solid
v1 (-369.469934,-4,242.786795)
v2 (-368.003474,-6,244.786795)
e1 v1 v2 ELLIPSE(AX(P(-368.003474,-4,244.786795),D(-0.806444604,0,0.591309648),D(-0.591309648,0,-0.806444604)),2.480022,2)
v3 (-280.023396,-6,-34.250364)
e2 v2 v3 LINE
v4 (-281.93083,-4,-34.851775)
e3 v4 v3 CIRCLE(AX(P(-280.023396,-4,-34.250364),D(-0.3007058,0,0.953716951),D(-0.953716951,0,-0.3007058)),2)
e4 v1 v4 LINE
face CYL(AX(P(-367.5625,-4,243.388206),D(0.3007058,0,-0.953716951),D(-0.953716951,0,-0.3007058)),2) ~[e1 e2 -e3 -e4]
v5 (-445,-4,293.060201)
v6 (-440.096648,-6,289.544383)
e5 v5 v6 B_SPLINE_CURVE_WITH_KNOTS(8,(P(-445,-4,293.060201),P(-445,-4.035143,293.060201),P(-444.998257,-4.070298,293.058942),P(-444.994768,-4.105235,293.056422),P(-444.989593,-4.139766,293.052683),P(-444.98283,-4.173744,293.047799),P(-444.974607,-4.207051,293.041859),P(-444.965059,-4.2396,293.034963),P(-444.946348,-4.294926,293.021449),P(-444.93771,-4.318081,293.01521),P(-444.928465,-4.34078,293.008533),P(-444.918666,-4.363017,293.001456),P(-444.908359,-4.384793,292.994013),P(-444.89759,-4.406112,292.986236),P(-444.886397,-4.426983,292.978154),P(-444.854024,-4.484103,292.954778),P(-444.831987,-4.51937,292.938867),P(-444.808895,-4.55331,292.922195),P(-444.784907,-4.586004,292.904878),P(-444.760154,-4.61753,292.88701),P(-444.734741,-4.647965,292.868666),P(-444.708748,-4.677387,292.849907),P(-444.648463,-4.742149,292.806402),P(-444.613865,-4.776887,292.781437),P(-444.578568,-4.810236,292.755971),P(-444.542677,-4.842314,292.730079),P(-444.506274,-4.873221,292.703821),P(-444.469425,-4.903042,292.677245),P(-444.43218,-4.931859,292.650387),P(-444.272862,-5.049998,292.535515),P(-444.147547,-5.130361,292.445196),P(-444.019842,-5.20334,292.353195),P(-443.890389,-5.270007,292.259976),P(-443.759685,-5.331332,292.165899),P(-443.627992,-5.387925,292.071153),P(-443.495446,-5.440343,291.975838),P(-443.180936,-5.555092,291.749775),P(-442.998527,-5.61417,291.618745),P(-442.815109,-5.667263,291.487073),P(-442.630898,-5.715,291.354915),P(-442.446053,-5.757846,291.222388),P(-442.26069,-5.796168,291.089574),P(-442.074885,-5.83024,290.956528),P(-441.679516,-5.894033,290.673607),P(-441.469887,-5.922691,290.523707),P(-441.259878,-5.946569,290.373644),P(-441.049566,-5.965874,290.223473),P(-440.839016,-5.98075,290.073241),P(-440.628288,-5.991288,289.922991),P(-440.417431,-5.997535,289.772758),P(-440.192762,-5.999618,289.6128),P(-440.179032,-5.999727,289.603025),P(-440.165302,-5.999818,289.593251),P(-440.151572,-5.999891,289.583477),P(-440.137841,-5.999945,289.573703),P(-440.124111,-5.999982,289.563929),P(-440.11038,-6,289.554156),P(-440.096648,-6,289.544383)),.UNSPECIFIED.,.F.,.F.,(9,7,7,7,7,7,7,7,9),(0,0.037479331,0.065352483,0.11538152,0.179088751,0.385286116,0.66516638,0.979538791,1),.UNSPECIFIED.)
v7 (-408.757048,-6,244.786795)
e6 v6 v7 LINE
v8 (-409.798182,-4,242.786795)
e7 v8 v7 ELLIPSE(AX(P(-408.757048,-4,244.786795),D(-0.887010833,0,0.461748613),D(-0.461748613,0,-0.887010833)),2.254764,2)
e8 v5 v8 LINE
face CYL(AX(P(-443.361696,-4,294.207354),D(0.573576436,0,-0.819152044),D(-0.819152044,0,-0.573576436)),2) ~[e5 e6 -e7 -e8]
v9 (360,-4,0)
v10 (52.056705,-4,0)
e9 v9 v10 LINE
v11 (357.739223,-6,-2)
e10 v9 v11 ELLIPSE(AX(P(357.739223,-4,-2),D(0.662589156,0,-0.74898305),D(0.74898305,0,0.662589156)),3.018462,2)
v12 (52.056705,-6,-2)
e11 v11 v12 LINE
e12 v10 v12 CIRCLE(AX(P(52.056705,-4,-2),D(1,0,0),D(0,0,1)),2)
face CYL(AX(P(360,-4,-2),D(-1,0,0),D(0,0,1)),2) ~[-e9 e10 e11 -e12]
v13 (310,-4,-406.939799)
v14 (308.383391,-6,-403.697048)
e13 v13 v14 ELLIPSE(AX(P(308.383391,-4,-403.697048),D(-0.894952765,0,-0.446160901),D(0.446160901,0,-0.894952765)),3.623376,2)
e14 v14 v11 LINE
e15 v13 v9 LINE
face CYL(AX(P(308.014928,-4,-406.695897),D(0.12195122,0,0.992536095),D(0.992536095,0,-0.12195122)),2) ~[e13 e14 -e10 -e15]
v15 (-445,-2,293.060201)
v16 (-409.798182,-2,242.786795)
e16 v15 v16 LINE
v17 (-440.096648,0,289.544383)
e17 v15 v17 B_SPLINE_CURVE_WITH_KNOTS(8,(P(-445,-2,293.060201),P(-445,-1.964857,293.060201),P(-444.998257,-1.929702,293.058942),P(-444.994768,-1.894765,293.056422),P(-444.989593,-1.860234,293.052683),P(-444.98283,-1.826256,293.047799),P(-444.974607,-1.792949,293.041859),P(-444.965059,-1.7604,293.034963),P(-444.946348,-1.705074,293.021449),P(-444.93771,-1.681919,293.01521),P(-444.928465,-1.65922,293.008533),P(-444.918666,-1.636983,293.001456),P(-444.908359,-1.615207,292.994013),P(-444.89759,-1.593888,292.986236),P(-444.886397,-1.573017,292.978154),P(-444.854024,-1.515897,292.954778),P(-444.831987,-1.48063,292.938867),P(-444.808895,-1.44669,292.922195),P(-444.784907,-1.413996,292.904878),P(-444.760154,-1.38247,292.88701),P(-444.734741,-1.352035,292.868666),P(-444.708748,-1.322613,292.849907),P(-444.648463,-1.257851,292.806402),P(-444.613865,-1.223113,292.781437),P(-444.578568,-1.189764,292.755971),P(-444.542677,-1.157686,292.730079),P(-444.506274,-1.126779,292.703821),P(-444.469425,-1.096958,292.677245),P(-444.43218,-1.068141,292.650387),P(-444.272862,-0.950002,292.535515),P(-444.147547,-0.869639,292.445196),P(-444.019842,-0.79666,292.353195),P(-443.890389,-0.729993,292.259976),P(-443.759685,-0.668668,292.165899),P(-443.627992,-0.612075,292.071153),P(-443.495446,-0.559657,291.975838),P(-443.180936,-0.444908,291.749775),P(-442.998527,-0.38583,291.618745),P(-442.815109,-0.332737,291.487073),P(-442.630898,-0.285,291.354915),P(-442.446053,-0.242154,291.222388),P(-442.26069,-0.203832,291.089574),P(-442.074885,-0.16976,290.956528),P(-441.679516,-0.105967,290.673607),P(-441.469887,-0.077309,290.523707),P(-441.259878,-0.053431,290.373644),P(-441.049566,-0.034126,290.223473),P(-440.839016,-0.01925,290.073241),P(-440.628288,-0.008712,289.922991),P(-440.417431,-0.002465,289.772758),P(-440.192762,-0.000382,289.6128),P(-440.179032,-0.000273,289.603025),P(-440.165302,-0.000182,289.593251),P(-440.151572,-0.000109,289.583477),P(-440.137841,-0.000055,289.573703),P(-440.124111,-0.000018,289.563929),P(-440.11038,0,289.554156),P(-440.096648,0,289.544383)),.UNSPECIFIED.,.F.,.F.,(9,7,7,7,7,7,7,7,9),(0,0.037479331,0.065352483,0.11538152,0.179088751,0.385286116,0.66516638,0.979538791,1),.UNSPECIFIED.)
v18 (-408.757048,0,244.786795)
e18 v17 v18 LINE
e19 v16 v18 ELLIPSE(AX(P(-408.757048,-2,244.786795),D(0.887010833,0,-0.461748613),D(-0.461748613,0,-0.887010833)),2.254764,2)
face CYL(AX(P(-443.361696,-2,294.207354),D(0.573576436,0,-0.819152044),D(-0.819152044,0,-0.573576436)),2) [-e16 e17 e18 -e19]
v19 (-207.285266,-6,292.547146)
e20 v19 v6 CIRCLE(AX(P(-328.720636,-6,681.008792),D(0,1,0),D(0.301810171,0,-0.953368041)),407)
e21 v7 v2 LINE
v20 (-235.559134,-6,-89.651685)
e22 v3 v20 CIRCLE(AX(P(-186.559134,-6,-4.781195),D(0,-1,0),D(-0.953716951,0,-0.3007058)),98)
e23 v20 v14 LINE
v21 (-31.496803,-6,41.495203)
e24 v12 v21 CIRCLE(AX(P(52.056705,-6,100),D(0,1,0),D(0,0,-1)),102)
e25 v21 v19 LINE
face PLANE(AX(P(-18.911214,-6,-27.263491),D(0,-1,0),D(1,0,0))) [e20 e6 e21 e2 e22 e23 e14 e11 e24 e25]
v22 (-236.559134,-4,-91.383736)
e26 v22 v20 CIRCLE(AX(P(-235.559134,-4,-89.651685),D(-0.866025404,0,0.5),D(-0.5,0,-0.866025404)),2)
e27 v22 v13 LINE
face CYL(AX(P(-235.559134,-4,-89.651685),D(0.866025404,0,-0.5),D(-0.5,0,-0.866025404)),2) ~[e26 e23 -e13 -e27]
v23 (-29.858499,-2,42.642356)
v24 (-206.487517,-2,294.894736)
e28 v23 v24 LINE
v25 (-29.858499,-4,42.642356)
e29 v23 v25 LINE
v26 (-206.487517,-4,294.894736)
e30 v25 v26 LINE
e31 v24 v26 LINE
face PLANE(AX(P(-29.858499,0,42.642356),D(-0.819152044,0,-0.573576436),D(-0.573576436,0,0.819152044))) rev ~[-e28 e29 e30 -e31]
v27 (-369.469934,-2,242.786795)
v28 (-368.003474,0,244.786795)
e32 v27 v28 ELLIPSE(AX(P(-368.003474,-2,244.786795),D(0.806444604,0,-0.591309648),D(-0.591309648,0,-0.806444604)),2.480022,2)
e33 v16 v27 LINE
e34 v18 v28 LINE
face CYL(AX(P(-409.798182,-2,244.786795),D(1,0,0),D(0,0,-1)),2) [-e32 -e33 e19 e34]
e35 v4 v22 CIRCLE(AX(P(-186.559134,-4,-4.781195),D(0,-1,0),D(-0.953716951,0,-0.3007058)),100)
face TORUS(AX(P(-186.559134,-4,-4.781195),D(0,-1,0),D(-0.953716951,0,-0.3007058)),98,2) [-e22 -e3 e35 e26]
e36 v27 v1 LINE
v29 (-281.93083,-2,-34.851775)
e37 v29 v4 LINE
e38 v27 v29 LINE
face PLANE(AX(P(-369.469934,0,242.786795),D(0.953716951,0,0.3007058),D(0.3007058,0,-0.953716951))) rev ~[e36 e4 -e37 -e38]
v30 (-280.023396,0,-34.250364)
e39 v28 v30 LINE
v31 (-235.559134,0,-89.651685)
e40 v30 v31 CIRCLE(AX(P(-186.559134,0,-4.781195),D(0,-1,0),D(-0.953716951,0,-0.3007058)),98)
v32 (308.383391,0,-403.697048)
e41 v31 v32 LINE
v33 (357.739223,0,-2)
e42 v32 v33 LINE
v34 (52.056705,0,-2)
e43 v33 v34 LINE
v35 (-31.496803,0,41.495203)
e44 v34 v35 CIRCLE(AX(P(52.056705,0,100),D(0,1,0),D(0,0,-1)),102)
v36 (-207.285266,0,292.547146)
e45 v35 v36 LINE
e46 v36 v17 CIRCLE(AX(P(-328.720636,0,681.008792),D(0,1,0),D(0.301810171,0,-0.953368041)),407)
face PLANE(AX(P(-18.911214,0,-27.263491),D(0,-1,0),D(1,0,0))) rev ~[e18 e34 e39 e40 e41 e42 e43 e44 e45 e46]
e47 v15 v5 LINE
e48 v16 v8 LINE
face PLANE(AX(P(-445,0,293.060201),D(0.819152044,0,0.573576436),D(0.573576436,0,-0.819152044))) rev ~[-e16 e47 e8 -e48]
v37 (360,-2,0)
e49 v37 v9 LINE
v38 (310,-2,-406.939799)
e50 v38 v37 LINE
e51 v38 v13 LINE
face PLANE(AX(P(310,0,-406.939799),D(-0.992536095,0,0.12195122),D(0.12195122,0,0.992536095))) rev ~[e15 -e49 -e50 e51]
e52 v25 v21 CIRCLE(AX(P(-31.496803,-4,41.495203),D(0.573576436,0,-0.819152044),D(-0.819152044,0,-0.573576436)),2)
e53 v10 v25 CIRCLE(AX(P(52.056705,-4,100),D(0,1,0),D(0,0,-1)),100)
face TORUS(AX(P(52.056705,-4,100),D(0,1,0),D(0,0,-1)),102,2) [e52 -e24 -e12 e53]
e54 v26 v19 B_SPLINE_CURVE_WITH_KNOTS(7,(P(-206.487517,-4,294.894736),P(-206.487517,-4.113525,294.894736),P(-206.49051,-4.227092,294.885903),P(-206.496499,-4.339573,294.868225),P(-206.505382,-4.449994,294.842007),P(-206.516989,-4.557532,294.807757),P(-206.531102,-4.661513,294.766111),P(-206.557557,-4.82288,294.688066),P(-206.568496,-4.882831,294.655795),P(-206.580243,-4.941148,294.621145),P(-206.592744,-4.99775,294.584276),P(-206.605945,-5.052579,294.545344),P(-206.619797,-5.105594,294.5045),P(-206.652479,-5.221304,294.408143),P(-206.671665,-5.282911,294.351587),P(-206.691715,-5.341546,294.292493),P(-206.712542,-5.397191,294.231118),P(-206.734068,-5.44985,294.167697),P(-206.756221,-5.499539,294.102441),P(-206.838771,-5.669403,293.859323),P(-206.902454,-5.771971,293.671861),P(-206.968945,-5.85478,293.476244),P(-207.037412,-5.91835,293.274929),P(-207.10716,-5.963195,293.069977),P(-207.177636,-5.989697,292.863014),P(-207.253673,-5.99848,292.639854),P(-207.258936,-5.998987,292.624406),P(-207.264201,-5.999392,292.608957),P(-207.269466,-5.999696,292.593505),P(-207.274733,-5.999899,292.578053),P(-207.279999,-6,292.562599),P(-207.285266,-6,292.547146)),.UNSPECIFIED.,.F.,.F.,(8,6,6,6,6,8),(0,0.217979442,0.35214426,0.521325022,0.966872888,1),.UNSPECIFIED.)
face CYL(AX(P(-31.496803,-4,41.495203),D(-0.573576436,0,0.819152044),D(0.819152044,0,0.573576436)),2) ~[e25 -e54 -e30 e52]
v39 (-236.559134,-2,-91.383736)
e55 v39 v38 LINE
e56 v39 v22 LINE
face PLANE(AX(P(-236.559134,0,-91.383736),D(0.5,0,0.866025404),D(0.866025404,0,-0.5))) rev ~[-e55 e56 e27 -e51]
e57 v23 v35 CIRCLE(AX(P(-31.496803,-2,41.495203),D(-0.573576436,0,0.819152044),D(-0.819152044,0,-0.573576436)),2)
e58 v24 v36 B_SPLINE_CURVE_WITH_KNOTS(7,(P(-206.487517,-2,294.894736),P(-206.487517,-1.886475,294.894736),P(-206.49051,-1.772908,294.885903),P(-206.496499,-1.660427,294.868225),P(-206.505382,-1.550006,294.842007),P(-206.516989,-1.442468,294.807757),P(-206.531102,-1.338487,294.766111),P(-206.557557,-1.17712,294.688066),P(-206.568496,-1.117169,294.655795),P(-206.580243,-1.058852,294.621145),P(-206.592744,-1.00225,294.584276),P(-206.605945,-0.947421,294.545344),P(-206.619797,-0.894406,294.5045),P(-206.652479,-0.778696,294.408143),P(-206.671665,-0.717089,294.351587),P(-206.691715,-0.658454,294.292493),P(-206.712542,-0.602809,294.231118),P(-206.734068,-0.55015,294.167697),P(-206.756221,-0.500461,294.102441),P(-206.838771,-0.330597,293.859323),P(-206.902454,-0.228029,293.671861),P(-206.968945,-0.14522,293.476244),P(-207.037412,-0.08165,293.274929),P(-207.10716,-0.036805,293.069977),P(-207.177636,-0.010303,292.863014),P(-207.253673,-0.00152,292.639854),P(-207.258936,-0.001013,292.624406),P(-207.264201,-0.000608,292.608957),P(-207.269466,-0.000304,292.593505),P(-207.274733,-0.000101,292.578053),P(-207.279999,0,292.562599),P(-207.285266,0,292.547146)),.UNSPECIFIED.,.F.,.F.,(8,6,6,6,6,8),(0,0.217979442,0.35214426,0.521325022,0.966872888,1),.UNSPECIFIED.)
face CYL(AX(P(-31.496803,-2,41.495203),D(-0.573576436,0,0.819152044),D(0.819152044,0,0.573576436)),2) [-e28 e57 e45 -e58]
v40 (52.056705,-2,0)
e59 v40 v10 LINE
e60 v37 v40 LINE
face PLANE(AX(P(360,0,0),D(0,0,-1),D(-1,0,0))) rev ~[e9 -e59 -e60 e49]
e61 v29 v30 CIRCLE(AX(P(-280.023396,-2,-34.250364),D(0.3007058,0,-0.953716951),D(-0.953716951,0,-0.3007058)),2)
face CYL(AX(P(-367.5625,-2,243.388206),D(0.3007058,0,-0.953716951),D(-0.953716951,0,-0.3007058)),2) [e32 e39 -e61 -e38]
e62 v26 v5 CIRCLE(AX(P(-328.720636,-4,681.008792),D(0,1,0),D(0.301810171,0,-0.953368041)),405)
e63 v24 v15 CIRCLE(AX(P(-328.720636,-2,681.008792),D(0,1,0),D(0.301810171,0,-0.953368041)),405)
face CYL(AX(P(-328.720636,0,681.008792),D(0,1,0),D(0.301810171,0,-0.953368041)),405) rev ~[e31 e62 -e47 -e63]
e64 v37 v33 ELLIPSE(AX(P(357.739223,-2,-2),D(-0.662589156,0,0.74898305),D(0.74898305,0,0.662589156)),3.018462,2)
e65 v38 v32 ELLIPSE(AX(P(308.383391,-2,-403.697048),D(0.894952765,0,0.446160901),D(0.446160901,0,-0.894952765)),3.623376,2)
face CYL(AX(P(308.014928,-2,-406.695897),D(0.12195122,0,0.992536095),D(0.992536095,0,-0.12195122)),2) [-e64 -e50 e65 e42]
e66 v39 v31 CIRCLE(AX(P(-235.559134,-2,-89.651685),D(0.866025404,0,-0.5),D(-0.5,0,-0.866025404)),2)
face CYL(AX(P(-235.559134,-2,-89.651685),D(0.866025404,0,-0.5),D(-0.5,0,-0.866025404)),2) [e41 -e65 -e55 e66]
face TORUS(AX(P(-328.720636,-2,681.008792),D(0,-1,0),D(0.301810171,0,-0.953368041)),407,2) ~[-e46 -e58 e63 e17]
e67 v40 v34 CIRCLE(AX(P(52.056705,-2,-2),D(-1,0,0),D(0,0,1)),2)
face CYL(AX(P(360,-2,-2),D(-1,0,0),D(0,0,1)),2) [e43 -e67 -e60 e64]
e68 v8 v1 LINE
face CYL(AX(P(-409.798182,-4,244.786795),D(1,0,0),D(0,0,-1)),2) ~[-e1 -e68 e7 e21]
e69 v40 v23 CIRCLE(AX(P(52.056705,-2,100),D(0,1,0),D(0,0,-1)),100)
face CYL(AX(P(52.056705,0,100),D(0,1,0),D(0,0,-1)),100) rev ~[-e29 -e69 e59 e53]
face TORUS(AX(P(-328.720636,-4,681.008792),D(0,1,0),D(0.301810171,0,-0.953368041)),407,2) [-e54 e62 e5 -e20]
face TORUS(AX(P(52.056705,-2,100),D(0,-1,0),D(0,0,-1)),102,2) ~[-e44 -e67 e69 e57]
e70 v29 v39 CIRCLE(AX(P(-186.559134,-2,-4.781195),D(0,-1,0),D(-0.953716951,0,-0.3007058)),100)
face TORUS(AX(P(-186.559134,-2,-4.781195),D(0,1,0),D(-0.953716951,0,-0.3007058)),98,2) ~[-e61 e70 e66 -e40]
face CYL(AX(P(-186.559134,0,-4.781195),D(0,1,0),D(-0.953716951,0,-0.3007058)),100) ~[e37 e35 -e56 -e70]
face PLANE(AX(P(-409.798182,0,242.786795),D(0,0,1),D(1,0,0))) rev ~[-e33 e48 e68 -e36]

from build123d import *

# Parameters (mm, degrees)
F1_DEPTH = 6
F2_R     = 2


with BuildPart() as f1:
    # F0 (on Front) → F1 (new body)
    with BuildSketch(Plane.XZ):
        with BuildLine():
            Line((360, 0), (52.0567050552, 0))
            ThreePointArc((52.0567050552, 0), (5.8818437317, 11.2989166822), (-29.8584993737, 42.6423563649))
            Line((-29.8584993737, 42.6423563649), (-206.4875170864, 294.894735944))
            ThreePointArc((-206.4875170864, 294.894735944), (-325.6056433934, 276.0207718078), (-445, 293.0602010125))
            Line((-445, 293.0602010125), (-409.7981819701, 242.7867947594))
            Line((-409.7981819701, 242.7867947594), (-369.469934372, 242.7867947594))
            Line((-369.469934372, 242.7867947594), (-281.9308295328, -34.8517751521))
            ThreePointArc((-281.9308295328, -34.8517751521), (-264.5475827672, -67.3735424201), (-236.559134458, -91.3837355802))
            Line((-236.559134458, -91.3837355802), (310, -406.9397989875))
            Line((310, -406.9397989875), (360, 0))
        make_face()
    extrude(amount=F1_DEPTH)

    # F2
    f2_edges = [f1.edges().sort_by_distance(p)[0] for p in [
        (36.720433, -6, -249.161767),
        (335, -6, -203.469899),
        (206.028353, -6, 0),
        (5.881844, -6, 11.298917),
        (-118.173008, -6, 168.768546),
        (-325.605643, -6, 276.020772),
        (-427.399091, -6, 267.923498),
        (-389.634058, -6, 242.786795),
        (-325.700382, -6, 103.96751),
        (-264.547583, -6, -67.373542),
        (36.720433, 0, -249.161767),
        (335, 0, -203.469899),
        (206.028353, 0, 0),
        (5.881844, 0, 11.298917),
        (-118.173008, 0, 168.768546),
        (-325.605643, 0, 276.020772),
        (-427.399091, 0, 267.923498),
        (-389.634058, 0, 242.786795),
        (-325.700382, 0, 103.96751),
        (-264.547583, 0, -67.373542),
    ]]
    fillet(f2_edges, radius=F2_R)


solid = f1.part
